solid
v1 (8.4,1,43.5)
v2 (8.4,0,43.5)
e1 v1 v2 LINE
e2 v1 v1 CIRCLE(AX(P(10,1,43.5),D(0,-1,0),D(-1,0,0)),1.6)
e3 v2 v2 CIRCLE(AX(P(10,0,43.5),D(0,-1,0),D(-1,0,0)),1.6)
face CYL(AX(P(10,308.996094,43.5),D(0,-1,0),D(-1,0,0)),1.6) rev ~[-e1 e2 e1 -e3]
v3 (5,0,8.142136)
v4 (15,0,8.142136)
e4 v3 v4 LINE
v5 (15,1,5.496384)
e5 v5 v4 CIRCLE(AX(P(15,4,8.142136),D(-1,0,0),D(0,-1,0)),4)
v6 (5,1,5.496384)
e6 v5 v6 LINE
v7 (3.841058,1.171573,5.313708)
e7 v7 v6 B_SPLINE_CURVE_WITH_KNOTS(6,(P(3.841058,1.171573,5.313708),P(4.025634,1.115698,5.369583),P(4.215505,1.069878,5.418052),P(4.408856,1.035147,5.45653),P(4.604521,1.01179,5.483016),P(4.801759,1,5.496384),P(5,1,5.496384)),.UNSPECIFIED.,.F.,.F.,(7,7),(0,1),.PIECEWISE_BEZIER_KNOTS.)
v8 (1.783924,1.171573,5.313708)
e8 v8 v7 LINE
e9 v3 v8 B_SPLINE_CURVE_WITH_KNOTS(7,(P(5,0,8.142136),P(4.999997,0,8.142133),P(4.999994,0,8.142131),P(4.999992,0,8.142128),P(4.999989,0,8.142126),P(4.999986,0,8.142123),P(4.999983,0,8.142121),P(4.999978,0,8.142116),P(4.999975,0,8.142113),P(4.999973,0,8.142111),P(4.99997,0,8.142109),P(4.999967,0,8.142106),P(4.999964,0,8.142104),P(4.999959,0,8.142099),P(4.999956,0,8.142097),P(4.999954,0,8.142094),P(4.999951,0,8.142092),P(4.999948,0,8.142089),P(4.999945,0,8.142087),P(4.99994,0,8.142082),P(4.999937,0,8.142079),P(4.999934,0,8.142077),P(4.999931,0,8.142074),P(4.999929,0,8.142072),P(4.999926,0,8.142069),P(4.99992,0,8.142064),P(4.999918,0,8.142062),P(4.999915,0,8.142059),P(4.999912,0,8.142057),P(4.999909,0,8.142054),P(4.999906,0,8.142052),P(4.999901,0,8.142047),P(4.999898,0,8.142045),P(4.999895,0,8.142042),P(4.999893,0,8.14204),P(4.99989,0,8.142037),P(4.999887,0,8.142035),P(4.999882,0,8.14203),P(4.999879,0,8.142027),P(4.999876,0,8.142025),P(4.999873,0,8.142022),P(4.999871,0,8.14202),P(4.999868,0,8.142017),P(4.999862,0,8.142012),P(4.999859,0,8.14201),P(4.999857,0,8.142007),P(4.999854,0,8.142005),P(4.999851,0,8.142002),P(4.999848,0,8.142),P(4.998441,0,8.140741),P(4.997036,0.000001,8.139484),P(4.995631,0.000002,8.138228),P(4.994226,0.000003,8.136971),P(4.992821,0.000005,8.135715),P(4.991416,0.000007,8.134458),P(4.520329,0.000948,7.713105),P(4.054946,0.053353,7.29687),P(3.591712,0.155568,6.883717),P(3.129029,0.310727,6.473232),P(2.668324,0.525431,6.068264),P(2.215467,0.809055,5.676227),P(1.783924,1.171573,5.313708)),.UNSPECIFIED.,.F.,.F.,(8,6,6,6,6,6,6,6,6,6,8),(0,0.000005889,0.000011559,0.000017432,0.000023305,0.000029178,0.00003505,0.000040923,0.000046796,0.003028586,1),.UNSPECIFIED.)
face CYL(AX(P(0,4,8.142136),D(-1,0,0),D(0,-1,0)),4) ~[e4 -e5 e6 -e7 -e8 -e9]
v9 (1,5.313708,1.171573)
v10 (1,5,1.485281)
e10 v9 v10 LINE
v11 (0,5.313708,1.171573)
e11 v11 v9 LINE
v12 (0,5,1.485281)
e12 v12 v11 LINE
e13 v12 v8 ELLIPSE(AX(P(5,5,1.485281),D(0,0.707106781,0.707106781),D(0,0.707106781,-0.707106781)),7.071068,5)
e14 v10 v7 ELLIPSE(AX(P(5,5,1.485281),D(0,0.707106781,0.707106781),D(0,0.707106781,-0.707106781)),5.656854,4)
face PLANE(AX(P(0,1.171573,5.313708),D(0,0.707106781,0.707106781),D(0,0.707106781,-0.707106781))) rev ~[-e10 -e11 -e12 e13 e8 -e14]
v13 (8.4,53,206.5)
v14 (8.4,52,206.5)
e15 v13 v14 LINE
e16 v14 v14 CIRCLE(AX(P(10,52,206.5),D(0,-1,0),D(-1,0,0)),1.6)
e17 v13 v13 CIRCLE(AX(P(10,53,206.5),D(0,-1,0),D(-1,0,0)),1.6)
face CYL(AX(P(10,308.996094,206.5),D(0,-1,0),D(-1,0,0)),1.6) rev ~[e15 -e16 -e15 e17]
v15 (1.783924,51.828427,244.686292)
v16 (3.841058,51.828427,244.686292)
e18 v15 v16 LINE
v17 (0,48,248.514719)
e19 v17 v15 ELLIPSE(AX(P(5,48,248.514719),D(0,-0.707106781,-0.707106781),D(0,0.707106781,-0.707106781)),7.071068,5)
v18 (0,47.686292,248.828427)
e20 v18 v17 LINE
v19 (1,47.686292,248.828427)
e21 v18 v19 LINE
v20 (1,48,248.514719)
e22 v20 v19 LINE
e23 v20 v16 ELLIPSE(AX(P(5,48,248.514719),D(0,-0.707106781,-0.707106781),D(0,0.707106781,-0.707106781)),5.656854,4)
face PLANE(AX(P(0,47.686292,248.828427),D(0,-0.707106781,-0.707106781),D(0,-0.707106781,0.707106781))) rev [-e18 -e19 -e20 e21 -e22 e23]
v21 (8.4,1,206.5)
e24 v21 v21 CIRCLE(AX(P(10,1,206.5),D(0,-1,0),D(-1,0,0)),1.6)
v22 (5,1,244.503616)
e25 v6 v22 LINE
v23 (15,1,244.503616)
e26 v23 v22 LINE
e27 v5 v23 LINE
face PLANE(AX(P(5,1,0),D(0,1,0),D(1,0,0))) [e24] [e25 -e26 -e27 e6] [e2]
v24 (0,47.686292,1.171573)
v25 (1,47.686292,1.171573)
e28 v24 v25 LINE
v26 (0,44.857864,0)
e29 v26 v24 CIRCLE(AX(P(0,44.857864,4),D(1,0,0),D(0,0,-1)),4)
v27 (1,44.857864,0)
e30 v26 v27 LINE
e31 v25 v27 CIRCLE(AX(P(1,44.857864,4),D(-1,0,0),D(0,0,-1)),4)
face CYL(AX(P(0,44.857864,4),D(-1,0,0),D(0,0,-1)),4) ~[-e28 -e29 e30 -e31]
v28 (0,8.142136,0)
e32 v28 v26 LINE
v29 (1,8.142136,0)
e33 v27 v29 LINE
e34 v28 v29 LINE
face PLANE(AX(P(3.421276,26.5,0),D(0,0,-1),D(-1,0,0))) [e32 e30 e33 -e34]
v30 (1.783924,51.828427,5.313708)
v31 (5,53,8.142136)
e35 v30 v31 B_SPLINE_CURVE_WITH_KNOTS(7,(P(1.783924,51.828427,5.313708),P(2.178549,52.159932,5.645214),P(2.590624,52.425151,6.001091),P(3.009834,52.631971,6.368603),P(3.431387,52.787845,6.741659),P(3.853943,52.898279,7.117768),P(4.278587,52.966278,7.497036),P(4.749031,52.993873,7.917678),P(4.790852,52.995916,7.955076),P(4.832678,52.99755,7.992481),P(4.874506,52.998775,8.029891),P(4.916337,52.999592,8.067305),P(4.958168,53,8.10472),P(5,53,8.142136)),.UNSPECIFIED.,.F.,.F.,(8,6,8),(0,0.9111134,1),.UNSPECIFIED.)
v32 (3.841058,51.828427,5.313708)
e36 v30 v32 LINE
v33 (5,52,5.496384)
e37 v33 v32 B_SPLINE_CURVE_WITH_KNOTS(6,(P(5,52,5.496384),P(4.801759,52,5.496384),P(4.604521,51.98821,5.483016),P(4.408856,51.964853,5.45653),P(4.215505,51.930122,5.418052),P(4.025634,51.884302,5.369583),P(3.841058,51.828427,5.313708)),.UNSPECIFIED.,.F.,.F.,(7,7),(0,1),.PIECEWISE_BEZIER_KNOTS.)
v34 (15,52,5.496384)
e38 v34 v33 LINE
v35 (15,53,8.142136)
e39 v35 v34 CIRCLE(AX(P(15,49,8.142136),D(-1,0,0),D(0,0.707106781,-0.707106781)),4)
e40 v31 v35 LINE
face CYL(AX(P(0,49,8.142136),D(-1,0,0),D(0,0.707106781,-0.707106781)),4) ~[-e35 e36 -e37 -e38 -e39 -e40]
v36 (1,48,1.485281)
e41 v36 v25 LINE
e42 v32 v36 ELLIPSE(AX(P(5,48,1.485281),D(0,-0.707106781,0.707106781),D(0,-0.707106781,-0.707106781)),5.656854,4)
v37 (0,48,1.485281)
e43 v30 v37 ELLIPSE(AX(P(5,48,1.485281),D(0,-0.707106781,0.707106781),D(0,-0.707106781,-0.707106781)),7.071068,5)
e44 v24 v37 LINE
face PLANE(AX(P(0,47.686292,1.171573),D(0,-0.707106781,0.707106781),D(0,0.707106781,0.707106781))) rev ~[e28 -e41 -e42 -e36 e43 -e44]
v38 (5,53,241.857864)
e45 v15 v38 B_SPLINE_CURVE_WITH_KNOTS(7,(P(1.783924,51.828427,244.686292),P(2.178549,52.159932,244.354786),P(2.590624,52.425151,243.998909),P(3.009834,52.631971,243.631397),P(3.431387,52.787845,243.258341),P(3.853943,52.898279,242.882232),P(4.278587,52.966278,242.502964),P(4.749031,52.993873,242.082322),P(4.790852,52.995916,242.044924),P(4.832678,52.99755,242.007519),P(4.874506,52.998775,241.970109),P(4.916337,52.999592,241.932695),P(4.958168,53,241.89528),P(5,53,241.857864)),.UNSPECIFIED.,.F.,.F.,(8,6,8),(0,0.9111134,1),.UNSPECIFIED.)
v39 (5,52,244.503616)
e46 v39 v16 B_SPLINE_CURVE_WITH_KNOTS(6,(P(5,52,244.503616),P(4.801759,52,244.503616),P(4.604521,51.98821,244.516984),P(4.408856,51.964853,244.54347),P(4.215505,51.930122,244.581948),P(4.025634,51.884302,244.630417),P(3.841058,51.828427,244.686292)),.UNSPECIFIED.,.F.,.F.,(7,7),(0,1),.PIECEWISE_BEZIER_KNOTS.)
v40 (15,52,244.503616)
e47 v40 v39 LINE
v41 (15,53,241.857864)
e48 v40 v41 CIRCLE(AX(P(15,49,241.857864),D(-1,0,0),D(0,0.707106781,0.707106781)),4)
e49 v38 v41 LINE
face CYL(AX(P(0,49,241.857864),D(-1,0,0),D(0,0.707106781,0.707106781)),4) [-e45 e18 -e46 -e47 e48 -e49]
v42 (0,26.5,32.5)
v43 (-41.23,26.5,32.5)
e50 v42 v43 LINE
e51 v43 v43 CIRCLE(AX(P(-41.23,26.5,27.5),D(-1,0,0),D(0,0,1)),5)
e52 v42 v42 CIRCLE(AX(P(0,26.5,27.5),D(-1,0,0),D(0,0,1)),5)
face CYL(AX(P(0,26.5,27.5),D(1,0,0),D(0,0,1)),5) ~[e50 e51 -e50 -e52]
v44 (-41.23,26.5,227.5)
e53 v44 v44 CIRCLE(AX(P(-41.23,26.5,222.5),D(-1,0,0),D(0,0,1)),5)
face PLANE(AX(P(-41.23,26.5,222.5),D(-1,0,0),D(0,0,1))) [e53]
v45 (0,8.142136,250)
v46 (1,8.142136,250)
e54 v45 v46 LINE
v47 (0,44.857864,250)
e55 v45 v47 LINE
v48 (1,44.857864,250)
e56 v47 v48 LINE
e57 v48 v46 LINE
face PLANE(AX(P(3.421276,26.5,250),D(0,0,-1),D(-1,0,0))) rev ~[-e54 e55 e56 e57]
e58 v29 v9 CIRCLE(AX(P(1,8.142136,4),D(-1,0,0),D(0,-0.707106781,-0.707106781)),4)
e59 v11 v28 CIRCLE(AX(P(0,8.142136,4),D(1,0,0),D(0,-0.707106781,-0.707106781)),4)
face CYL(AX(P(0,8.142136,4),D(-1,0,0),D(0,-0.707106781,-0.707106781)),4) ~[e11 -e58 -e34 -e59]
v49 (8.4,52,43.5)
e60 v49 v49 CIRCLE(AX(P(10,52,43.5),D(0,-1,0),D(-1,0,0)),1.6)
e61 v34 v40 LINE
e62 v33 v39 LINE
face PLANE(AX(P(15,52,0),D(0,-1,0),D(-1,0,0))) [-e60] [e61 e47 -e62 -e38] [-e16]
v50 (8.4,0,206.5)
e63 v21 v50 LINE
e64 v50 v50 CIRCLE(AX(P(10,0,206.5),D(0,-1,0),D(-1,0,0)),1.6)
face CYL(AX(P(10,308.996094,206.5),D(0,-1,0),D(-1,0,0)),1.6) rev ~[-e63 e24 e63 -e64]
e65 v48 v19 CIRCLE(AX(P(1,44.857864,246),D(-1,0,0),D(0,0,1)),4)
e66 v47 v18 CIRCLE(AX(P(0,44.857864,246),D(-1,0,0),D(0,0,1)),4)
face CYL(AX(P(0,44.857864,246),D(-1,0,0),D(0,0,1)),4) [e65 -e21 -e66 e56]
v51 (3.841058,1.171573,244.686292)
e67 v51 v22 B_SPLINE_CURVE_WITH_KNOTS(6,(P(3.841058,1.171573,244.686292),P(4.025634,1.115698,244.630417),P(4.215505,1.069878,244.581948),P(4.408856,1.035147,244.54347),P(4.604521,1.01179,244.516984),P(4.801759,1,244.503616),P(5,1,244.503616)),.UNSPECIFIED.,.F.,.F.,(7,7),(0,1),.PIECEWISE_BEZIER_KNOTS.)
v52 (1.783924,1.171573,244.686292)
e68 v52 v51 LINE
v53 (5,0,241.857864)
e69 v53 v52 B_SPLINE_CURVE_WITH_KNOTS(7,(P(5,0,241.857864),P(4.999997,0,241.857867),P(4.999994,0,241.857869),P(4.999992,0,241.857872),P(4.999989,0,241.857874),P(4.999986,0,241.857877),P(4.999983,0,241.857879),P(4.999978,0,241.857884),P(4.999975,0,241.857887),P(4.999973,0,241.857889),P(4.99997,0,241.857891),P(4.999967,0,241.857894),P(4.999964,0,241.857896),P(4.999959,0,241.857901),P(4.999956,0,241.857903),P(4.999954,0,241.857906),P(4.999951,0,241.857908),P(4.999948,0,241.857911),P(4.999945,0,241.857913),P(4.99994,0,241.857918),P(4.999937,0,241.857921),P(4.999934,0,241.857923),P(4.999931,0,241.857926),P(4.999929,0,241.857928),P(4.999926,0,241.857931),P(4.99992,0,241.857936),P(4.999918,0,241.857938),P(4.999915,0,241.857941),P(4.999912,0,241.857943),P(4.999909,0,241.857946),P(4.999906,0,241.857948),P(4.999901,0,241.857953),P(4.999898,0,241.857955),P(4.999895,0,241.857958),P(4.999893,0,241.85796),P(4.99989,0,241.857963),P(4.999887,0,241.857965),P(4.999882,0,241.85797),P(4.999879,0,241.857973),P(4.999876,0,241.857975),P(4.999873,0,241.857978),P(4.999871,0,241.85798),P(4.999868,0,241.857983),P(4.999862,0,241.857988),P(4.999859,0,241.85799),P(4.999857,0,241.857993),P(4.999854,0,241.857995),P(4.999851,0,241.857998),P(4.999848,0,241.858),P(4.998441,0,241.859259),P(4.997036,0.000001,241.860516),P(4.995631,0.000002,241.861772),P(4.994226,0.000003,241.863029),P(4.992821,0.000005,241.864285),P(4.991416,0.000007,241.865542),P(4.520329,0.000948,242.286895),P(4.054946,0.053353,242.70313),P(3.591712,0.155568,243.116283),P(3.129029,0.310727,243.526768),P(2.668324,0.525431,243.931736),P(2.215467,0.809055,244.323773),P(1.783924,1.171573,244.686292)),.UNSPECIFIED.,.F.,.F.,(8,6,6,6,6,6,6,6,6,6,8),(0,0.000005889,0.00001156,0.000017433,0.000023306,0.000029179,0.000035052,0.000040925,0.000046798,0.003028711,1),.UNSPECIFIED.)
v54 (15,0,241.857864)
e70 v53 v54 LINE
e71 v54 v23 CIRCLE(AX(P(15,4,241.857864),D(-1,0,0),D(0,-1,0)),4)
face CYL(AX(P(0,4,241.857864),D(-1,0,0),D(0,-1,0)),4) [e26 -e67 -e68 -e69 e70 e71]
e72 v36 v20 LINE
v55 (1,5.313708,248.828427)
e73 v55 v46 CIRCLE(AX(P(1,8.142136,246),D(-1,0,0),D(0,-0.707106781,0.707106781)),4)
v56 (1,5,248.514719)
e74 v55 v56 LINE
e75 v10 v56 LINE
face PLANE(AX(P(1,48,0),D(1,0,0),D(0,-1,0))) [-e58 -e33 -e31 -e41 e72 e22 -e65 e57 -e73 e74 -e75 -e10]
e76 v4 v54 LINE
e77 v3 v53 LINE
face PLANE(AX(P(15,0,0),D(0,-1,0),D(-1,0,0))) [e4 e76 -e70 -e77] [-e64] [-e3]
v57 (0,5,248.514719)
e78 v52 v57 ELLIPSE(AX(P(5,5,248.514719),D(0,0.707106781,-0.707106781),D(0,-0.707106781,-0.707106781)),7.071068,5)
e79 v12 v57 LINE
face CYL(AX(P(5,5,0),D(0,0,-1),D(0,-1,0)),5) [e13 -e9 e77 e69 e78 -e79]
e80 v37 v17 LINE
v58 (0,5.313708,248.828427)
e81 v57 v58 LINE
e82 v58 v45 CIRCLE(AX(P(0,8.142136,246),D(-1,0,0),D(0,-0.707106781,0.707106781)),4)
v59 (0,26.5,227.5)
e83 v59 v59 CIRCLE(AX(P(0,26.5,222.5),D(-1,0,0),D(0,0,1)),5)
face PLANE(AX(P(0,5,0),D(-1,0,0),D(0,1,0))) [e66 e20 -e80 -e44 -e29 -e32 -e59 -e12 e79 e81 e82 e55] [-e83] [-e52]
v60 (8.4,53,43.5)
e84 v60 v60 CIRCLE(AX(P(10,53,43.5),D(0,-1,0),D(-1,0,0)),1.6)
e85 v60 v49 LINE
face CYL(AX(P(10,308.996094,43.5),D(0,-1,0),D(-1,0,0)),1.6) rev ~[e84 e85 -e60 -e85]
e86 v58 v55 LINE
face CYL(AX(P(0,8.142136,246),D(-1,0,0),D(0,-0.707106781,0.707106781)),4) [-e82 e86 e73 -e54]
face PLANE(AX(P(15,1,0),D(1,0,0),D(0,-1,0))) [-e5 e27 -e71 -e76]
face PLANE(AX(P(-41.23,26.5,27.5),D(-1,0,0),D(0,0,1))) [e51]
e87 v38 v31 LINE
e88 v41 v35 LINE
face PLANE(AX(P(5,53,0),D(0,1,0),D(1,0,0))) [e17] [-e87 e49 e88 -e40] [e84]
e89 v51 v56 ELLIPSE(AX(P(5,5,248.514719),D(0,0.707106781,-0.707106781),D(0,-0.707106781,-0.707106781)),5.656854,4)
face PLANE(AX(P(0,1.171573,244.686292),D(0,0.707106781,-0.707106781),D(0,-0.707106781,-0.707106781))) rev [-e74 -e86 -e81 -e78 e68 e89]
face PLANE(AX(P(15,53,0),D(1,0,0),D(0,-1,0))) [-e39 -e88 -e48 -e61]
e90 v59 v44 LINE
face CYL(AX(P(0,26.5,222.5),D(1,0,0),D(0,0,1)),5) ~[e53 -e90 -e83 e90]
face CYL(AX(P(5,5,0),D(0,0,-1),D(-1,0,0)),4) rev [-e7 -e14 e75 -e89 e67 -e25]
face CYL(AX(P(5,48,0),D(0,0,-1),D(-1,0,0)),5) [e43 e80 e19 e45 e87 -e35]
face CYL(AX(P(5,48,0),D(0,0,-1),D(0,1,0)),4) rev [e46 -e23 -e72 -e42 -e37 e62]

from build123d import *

# Parameters (mm, degrees)
BOSS_EXTRU_1_DEPTH      = 250
ENL_V_MAT_EXTRU_1_DEPTH = 16
D_GAGEMENT_M31_D        = 3.2
ESQUISSE6_R             = 5
BOSS_EXTRU_2_DEPTH      = 41.23


with BuildPart() as part:
    # Esquisse1 → Boss.-Extru.1 (new body)
    with BuildSketch(Plane.XY):
        with BuildLine():
            Line((0, 5), (0, 48))
            ThreePointArc((0, 48), (1.464466094, 51.535533906), (5, 53))
            Line((5, 53), (15, 53))
            Line((15, 53), (15, 52))
            Line((15, 52), (5, 52))
            ThreePointArc((5, 52), (2.171572875, 50.828427125), (1, 48))
            Line((1, 48), (1, 5))
            ThreePointArc((1, 5), (2.171572875, 2.171572875), (5, 1))
            Line((5, 1), (15, 1))
            Line((15, 1), (15, 0))
            Line((15, 0), (5, 0))
            ThreePointArc((5, 0), (1.464466094, 1.464466094), (0, 5))
        make_face()
    extrude(amount=BOSS_EXTRU_1_DEPTH)

    # Esquisse5 → Enlèv. mat.-Extru.1 (cut, through all)
    with BuildSketch(Plane.ZY):
        with BuildLine():
            Line((0, 8.142135624), (0, -1))
            Line((0, -1), (21.071067812, -1))
            Line((21.071067812, -1), (21.071067812, 0))
            Line((21.071067812, 0), (8.142135624, 0))
            ThreePointArc((8.142135624, 0), (6.611401894, 0.30448187), (5.313708499, 1.171572875))
            Line((5.313708499, 1.171572875), (1.171572875, 5.313708499))
            ThreePointArc((1.171572875, 5.313708499), (0.30448187, 6.611401894), (0, 8.142135624))
        make_face()
        with BuildLine():
            Line((8.142135624, 53), (21.071067812, 53))
            Line((21.071067812, 53), (21.071067812, 54))
            Line((21.071067812, 54), (0, 54))
            Line((0, 54), (0, 44.857864376))
            ThreePointArc((0, 44.857864376), (0.30448187, 46.388598106), (1.171572875, 47.686291501))
            Line((1.171572875, 47.686291501), (5.313708499, 51.828427125))
            ThreePointArc((5.313708499, 51.828427125), (6.611401894, 52.69551813), (8.142135624, 53))
        make_face()
    enl_v_mat_extru_1 = extrude(amount=-ENL_V_MAT_EXTRU_1_DEPTH, mode=Mode.SUBTRACT)

    # Symétrie1: Enlèv. mat.-Extru.1 across plane
    add(enl_v_mat_extru_1.mirror(Plane(origin=(0, 0, 125), x_dir=(1, 0, 0), z_dir=(0, 0, -1))), mode=Mode.SUBTRACT)

    # Dégagement M31 (through all)
    with Locations(Plane(origin=(0, 53, 0), x_dir=(1, 0, 0), z_dir=(0, 1, 0))):
        with Locations((10, -43.5), (10, -206.5)):
            Hole(D_GAGEMENT_M31_D / 2)

    # Esquisse6 → Boss.-Extru.2 (add)
    with BuildSketch(Plane.ZY):
        with Locations((27.5, 26.5)):
            Circle(ESQUISSE6_R)
        with Locations((222.5, 26.5)):
            Circle(ESQUISSE6_R)
    extrude(amount=BOSS_EXTRU_2_DEPTH)


solid = part.part
